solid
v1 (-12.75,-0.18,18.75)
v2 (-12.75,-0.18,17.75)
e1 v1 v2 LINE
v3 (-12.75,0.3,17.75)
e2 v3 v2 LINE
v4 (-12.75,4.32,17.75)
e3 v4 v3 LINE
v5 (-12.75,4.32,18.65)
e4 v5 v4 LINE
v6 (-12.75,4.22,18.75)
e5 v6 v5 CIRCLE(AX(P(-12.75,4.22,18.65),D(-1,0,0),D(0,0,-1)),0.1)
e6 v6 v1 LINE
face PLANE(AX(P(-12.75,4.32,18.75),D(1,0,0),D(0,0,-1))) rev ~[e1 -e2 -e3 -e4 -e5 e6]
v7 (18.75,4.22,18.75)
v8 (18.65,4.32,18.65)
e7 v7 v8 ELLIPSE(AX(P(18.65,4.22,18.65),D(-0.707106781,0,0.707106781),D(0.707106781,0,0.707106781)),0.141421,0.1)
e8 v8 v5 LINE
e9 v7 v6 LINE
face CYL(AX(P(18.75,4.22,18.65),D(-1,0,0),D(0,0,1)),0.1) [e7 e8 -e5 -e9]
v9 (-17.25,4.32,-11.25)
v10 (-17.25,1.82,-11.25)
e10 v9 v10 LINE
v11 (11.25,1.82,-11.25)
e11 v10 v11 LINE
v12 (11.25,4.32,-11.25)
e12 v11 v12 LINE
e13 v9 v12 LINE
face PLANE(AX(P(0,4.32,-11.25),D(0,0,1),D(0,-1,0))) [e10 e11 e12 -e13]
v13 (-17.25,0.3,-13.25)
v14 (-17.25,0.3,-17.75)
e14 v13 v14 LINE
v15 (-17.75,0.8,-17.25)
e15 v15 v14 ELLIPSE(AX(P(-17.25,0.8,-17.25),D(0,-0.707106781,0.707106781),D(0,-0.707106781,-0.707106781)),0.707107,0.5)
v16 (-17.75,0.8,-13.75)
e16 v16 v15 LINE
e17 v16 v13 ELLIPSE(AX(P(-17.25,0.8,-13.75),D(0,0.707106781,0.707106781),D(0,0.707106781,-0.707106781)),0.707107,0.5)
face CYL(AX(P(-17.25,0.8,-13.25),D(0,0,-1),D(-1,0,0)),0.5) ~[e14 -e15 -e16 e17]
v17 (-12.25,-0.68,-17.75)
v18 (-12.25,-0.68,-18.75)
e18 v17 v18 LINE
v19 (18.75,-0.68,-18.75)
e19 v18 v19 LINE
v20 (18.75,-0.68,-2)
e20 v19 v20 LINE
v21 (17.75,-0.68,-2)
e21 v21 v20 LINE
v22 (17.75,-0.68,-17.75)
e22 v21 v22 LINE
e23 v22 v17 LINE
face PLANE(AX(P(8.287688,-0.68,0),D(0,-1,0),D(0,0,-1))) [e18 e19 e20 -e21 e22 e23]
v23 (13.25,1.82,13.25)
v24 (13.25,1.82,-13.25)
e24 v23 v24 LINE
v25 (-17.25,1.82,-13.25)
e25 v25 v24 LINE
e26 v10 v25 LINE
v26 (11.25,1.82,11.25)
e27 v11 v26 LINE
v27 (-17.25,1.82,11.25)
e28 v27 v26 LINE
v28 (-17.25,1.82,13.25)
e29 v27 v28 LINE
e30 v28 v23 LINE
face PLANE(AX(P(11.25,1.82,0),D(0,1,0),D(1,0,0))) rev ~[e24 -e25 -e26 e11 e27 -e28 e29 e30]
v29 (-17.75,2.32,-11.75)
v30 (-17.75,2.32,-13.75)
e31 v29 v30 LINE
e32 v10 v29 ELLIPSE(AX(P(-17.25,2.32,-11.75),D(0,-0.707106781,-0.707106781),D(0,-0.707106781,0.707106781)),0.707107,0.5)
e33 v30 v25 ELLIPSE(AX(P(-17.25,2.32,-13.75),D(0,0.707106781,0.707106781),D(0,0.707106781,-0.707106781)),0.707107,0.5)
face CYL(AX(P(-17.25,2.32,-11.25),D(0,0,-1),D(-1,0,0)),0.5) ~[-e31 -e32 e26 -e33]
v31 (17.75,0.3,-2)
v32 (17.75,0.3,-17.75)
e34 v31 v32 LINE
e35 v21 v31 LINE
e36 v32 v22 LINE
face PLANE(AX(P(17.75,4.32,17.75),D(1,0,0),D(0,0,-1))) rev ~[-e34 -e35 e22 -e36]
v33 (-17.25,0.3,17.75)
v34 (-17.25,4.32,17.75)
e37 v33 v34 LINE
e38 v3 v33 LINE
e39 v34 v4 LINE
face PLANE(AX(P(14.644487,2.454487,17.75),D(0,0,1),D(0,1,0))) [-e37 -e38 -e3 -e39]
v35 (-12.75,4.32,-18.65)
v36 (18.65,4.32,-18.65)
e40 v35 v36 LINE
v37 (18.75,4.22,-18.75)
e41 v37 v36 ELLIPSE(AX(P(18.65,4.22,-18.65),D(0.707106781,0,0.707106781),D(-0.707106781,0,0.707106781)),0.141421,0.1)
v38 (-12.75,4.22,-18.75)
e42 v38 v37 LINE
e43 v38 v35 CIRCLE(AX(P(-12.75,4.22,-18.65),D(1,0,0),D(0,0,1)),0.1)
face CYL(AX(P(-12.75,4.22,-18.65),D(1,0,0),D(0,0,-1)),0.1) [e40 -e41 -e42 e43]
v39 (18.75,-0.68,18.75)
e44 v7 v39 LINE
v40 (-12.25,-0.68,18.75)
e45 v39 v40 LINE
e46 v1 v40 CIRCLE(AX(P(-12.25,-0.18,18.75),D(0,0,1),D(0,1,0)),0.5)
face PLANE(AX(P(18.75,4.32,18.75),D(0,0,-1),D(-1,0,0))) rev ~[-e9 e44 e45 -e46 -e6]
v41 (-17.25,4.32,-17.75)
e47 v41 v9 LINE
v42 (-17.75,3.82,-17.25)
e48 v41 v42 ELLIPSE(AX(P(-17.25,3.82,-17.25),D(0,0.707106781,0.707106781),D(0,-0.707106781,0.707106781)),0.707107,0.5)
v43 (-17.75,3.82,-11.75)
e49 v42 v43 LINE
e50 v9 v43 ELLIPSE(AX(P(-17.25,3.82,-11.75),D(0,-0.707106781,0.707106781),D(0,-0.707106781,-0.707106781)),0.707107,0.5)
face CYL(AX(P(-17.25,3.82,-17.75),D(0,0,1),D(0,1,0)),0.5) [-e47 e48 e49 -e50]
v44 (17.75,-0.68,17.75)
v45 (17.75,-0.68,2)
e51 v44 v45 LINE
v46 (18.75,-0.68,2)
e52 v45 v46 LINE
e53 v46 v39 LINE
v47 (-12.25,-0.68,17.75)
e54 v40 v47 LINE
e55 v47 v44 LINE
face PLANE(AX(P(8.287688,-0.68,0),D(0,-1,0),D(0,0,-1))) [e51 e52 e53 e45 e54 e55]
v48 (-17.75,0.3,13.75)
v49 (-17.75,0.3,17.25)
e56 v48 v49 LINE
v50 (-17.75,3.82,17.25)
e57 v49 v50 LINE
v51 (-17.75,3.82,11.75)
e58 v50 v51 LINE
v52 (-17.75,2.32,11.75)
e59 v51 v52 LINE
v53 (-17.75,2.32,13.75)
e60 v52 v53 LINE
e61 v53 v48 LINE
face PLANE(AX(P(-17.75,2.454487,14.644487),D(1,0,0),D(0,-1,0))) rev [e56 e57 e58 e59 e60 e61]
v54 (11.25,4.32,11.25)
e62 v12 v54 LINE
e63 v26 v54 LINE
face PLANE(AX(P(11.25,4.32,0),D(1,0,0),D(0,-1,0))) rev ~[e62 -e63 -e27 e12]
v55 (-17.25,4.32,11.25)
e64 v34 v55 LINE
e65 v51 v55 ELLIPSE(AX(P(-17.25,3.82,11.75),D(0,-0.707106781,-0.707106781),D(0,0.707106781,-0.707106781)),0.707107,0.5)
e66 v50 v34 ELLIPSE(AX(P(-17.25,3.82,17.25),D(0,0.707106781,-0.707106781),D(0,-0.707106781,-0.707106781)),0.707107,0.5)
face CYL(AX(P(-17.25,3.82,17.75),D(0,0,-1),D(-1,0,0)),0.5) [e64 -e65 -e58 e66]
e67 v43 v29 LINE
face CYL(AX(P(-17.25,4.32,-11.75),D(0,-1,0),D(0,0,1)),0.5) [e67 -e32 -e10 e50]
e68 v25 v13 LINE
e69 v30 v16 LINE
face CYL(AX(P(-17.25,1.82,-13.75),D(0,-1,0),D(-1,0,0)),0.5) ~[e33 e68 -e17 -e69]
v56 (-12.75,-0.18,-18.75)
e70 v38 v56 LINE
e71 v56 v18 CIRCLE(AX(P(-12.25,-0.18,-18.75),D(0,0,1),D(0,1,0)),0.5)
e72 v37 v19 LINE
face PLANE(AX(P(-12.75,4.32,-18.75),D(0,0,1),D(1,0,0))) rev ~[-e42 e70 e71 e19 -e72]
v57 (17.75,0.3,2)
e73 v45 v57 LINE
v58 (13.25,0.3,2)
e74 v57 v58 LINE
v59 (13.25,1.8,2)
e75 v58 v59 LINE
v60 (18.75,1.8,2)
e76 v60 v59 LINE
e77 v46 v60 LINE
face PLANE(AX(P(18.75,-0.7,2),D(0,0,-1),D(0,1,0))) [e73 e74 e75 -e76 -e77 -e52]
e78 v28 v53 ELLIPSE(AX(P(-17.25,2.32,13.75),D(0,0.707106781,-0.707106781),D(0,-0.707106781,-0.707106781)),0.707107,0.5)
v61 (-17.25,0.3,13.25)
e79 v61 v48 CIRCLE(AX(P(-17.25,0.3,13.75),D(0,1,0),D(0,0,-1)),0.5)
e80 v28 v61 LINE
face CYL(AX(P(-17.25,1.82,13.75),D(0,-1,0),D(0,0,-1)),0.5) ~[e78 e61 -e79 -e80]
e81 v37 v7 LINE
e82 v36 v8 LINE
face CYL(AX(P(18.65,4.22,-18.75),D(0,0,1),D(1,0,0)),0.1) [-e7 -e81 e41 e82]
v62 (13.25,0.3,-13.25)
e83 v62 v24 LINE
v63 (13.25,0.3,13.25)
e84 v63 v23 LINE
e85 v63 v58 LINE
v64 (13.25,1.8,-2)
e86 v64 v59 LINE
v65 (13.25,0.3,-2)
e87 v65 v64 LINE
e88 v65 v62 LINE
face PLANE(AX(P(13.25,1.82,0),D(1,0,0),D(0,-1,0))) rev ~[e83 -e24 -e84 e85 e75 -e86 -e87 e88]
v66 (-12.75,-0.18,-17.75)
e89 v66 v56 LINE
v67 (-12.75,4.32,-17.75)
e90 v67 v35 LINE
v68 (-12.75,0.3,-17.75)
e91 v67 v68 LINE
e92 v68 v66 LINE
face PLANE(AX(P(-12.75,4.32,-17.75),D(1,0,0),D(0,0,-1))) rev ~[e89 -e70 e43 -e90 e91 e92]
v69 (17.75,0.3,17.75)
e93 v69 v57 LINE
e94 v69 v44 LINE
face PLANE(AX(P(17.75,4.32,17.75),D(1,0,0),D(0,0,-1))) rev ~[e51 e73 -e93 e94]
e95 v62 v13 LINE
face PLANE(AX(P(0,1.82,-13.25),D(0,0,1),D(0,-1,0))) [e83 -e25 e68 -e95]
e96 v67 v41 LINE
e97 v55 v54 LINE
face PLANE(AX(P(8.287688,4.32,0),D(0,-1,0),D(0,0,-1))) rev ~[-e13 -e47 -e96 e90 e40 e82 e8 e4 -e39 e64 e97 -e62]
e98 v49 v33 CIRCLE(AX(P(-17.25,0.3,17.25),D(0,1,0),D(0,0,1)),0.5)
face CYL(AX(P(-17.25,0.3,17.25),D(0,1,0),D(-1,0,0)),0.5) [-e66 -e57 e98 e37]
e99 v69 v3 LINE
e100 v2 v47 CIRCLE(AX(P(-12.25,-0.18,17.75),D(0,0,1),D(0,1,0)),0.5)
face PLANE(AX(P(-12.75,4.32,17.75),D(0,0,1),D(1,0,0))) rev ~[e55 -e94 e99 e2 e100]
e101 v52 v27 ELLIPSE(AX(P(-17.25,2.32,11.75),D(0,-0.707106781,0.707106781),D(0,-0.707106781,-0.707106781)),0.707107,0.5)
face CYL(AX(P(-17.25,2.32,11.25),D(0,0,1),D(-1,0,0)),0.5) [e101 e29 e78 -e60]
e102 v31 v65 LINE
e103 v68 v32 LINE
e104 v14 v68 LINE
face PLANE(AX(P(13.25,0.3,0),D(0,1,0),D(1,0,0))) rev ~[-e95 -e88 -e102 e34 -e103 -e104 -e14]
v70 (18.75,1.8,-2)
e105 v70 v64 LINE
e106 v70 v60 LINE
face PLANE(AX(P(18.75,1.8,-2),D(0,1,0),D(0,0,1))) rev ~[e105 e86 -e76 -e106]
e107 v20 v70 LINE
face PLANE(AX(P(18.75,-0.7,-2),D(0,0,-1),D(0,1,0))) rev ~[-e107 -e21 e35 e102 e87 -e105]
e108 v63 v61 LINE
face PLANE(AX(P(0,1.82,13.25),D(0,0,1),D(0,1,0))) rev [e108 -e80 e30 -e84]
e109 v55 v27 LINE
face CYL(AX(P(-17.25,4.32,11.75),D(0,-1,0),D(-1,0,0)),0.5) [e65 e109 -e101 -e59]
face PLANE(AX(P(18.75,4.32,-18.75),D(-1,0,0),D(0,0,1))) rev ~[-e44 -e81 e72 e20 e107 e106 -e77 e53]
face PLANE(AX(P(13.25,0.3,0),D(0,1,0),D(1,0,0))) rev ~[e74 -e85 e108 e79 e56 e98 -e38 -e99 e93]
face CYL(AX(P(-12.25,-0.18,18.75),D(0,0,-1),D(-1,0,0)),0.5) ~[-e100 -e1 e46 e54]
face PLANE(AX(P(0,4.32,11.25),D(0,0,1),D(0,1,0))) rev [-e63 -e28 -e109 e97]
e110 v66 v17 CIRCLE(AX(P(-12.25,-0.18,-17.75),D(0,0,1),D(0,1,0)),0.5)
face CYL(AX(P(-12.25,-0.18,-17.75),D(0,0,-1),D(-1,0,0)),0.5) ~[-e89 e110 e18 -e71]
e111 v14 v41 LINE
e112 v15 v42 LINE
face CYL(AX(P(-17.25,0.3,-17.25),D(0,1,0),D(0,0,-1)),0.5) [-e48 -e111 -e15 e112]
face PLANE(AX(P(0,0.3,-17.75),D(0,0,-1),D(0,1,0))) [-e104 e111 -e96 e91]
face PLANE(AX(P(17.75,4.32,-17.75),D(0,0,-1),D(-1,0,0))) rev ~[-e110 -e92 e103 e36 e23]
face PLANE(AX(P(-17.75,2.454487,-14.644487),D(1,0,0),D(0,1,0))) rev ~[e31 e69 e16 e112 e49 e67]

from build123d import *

# Parameters (mm, degrees)
PAD002_DEPTH       = 17.75
PAD002_DEPTH_BACK  = 17.75
POLARPATTERN_COUNT = 2
POLARPATTERN_ANGLE = 270
FILLET_R           = 0.5
PAD005_DEPTH       = 5
FILLET005_R        = 0.1
FILLET006_R        = 0.5
FILLET007_R        = 0.5
SKETCH009_W        = 2.5
SKETCH009_H        = 4
POCKET001_DEPTH    = 36.501


with BuildPart() as part:
    # Sketch003 → Pad002 (new body, two sides)
    with BuildSketch(Plane.YZ) as pad002_sk:
        Polygon((0, -17.75), (4.02, -17.75), (4.02, -11.25), (1.52, -11.25), (1.52, -13.25), (0, -13.25), align=None)
    pad002 = extrude(amount=PAD002_DEPTH) + extrude(pad002_sk.sketch, amount=-PAD002_DEPTH_BACK)

    # PolarPattern: Pad002 ×2 about axis
    polarpattern_axis = Axis((0, 0, 0), (0, 1, 0))
    for i in range(1, POLARPATTERN_COUNT):
        add(pad002.rotate(polarpattern_axis, i * POLARPATTERN_ANGLE / (POLARPATTERN_COUNT - 1)))

    # Mirrored: Pad002 across Sketch003 H_Axis
    add(pad002.mirror(Plane.XY))

    # Fillet
    fillet_edges = [part.edges().sort_by_distance(p)[0] for p in [
        (-17.75, 4.02, 14.5),
        (-17.75, 2.77, 11.25),
        (-17.75, 0.76, 13.25),
        (-17.75, 1.52, 12.25),
        (-17.75, 2.01, 17.75),
    ]]
    fillet(fillet_edges, radius=FILLET_R)

    # Sketch008 → Pad005 (join)
    with BuildSketch(Plane.ZX.offset(4.02)):
        Polygon((-18.75, 18.75), (18.75, 18.75), (18.75, -12.75), (17.75, -12.75), (17.75, 17.75), (-17.75, 17.75), (-17.75, -12.75), (-18.75, -12.75), align=None)
    extrude(amount=-PAD005_DEPTH)

    # Fillet005
    fillet005_edges = [part.edges().sort_by_distance(p)[0] for p in [
        (18.75, 4.02, 0),
        (3, 4.02, -18.75),
        (3, 4.02, 18.75),
    ]]
    fillet(fillet005_edges, radius=FILLET005_R)

    # Fillet006
    fillet006_edges = [part.edges().sort_by_distance(p)[0] for p in [
        (-17.75, 2.77, -11.25),
        (-17.75, 1.52, -12.25),
        (-17.75, 0, -15.5),
        (-17.75, 0.76, -13.25),
        (-17.75, 4.02, -14.5),
        (-17.75, 2.01, -17.75),
    ]]
    fillet(fillet006_edges, radius=FILLET006_R)

    # Fillet007
    fillet007_edges = [part.edges().sort_by_distance(p)[0] for p in [
        (-12.75, -0.98, 18.25),
        (-12.75, -0.98, -18.25),
    ]]
    fillet(fillet007_edges, radius=FILLET007_R)

    # Sketch009 → Pocket001 (cut, through all)
    with BuildSketch(Plane.YZ.offset(18.75)):
        with Locations((0.25, 0)):
            Rectangle(SKETCH009_W, SKETCH009_H)
    extrude(amount=-POCKET001_DEPTH, mode=Mode.SUBTRACT)


with BuildPart() as part_1:
    # Body001 placement: moved
    add(part.part.moved(Location((0, 0.3, 0))))


solid = part_1.part
